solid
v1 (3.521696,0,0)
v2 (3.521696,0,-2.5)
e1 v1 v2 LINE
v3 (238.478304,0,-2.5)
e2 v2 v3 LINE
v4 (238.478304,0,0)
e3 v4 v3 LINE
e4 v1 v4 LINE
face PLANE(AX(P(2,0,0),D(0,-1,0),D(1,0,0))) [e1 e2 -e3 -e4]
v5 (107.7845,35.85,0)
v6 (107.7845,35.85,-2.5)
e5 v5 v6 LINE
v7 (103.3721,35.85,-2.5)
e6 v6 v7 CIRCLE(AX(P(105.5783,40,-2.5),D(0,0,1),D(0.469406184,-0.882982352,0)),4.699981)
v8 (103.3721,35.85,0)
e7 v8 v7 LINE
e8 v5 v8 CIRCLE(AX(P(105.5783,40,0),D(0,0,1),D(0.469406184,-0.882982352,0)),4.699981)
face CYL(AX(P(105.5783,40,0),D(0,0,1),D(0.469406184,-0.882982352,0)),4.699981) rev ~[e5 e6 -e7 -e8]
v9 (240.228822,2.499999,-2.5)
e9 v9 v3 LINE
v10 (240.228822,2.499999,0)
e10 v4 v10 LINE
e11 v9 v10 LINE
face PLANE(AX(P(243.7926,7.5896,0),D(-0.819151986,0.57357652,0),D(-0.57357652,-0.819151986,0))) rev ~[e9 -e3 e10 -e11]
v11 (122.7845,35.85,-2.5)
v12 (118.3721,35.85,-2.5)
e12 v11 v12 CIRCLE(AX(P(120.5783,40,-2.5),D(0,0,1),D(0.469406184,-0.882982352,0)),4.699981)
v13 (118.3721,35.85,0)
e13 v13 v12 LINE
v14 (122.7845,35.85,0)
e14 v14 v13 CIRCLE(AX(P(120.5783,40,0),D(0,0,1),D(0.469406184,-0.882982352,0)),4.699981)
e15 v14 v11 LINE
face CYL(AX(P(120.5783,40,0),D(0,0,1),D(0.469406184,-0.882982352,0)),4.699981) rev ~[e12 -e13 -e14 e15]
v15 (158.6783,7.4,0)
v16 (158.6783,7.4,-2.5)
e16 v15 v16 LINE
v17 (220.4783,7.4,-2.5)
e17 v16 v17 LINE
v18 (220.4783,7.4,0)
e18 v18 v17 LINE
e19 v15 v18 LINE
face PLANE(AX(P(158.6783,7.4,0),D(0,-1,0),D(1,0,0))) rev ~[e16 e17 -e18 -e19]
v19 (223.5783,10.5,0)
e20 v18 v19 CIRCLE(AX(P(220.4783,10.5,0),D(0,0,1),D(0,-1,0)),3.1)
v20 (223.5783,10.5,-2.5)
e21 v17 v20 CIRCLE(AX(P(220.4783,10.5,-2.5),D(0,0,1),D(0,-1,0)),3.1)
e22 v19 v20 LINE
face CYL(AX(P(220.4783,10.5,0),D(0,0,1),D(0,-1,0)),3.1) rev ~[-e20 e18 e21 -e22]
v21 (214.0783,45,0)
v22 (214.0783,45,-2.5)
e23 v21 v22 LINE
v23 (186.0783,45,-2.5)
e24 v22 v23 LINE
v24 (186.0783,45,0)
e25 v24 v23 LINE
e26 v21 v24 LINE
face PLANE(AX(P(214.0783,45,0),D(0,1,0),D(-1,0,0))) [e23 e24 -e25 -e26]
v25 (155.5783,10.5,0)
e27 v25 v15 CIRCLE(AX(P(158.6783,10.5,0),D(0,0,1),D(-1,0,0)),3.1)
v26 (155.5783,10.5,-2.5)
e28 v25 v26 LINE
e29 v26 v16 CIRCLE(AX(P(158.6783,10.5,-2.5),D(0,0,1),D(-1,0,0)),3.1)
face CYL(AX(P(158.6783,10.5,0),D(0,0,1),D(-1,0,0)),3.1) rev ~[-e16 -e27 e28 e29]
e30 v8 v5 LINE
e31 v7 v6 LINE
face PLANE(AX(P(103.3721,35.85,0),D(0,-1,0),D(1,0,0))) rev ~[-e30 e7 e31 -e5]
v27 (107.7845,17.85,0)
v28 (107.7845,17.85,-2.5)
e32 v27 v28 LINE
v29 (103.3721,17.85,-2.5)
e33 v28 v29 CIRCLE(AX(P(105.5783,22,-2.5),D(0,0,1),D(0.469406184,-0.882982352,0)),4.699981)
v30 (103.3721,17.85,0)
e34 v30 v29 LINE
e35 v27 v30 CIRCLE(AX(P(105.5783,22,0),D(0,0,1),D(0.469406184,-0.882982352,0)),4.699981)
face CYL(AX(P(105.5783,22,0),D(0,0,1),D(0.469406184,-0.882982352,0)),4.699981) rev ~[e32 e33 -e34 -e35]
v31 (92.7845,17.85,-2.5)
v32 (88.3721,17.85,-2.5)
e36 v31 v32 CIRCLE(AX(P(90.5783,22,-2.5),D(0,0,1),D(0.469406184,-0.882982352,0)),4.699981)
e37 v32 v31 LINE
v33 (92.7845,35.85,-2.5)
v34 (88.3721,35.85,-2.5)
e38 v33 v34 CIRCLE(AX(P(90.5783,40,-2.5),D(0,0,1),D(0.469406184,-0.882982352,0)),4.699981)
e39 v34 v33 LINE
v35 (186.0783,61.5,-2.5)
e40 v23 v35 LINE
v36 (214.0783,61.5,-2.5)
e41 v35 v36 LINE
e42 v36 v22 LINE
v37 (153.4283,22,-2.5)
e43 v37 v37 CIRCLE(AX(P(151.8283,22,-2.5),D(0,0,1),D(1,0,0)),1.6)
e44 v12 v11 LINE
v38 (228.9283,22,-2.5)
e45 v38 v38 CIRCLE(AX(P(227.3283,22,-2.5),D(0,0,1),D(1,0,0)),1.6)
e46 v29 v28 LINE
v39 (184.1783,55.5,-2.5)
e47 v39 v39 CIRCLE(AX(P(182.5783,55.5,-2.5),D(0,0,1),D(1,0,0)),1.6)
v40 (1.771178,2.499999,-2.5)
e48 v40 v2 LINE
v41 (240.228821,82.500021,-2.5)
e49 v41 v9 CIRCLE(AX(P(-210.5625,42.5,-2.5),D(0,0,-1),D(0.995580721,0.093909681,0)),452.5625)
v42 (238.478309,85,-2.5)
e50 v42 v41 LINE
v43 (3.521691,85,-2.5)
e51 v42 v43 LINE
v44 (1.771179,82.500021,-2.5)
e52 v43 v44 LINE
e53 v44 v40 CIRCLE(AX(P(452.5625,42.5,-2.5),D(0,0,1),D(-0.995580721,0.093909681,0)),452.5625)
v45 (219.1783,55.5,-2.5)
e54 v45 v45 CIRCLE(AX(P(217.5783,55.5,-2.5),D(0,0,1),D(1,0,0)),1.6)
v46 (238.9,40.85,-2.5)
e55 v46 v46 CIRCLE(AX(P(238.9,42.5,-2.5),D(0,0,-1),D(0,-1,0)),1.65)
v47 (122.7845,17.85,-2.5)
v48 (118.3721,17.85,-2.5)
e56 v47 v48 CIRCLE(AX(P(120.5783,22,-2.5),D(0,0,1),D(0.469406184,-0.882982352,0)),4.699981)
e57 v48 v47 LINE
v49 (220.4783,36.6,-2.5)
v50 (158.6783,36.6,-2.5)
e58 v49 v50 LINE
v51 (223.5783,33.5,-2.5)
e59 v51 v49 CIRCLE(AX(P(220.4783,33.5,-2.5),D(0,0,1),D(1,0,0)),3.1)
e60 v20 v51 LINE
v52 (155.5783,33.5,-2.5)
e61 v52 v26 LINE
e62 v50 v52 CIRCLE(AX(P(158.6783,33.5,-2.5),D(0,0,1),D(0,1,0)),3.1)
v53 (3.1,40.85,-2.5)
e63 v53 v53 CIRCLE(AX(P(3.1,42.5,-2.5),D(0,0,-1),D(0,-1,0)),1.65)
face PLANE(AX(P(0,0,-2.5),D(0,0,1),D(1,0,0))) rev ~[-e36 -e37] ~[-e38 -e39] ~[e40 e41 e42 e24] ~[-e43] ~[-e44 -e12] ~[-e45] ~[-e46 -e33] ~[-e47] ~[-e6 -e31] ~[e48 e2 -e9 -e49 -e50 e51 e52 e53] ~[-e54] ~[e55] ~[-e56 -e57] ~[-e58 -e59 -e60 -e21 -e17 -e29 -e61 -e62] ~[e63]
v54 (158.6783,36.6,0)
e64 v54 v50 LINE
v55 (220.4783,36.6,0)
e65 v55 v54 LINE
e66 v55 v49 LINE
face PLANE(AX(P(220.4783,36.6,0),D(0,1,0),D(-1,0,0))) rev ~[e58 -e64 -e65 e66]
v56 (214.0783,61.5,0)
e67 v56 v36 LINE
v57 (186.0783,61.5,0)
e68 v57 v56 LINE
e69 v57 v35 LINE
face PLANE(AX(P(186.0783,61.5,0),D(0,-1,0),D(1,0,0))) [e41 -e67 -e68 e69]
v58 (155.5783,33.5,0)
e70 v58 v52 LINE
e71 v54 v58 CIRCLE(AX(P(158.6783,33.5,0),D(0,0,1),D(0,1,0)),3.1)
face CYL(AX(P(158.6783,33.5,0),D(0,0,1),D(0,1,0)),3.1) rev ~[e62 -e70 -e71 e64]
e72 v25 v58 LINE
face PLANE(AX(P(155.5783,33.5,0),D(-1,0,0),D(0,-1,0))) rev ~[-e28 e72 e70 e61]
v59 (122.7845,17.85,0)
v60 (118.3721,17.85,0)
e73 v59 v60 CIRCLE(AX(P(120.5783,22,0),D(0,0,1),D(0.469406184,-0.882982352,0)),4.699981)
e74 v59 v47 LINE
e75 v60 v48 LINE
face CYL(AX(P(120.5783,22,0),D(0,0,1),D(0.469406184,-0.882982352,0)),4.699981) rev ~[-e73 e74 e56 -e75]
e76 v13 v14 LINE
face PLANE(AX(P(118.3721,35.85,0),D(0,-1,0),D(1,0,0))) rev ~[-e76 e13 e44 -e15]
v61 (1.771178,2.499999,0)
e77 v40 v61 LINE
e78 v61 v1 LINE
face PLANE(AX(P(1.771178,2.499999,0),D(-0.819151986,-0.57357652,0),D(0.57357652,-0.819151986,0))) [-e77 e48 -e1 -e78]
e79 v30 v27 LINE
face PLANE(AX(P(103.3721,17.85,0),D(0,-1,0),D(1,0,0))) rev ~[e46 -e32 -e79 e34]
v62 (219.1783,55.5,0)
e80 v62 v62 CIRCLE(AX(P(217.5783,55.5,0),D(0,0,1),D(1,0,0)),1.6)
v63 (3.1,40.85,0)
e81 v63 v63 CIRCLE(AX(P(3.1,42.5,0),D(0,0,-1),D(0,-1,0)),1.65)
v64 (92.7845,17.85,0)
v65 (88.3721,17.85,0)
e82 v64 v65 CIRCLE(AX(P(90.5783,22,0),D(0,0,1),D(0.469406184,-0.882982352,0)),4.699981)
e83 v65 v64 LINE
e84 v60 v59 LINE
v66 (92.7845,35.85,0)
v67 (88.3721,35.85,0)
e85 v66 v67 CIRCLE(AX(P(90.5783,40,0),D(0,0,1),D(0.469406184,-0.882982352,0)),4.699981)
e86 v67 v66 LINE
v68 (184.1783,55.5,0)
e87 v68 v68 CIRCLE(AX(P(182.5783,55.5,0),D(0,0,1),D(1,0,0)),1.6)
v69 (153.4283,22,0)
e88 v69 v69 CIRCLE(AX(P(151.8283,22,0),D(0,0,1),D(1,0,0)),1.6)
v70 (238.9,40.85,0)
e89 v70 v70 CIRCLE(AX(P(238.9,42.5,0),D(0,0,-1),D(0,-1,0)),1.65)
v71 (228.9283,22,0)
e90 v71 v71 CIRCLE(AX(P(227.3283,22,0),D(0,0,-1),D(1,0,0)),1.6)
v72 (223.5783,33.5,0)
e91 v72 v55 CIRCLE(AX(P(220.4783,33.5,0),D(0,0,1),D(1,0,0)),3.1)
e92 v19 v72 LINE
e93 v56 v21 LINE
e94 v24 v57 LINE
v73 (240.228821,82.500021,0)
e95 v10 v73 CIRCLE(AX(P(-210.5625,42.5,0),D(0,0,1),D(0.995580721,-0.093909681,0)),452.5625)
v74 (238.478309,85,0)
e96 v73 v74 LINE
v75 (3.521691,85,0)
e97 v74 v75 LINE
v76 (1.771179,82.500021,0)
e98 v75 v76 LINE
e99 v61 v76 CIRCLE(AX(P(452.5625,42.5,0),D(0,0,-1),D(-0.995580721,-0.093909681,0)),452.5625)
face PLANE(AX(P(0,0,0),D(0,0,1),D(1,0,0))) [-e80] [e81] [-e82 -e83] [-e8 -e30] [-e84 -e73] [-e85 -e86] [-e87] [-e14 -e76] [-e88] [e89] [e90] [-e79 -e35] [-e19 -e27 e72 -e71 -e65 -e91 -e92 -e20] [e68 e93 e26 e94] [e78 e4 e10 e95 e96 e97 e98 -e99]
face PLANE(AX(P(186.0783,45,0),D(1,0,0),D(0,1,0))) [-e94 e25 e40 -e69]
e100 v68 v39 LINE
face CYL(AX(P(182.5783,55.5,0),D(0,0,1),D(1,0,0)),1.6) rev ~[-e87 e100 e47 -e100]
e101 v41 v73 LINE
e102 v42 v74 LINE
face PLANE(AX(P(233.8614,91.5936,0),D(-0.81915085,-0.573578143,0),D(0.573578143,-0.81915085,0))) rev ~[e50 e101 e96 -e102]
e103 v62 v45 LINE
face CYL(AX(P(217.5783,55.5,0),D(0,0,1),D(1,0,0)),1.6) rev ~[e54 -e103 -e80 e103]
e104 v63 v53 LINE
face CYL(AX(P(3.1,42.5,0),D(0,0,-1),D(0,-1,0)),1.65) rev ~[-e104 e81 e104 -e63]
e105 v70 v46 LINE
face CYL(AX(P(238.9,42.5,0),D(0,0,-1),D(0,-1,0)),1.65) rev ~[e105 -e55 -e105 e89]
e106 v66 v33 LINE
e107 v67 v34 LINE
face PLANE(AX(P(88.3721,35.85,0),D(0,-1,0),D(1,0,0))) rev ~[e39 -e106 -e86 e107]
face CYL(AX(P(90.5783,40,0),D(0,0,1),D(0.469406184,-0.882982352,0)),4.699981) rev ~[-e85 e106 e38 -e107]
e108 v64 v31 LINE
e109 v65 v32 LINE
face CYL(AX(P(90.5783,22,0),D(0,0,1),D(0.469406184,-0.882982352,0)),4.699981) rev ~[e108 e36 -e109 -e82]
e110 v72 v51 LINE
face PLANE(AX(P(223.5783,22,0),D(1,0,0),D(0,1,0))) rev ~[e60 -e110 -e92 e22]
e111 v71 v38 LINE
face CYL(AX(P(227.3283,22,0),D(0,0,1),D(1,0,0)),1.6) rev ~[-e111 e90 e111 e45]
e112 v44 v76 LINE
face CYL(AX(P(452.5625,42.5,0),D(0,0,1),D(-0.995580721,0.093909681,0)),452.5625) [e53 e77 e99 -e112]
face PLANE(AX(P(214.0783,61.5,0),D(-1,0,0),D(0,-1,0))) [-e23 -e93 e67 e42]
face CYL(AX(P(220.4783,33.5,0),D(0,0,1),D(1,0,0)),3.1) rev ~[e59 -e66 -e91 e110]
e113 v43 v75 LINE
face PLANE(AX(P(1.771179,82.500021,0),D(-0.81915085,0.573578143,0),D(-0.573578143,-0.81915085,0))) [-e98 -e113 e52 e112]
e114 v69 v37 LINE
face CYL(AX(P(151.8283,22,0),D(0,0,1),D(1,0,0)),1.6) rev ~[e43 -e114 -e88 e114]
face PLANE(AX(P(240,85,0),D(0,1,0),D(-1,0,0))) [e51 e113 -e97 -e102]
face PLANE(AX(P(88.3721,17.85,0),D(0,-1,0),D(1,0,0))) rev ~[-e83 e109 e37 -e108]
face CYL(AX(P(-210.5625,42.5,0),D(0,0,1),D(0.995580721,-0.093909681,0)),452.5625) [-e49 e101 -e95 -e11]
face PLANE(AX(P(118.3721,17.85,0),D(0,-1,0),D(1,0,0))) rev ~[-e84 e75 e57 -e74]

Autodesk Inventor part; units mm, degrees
ref_plane "YZ Plane" through (0, 0, 0) normal (1, 0, 0) x (0, 1, 0)
ref_plane "XZ Plane" through (0, 0, 0) normal (0, 1, 0) x (-1, 0, 0)
ref_plane "XY Plane" through (0, 0, 0) normal (0, 0, 1) x (1, 0, 0)
sketch "Skizze1" plane through (0, 0, 0) normal (0, 0, 1) x (1, 0, 0)
  line L0 (0, 0) -> (242, 0)
  line L1 (242, 0) -> (242, 85)
  line L2 (242, 85) -> (0, 85)
  line L3 (0, 85) -> (0, 0)
  line L4 (242, 42.5) -> (842, 42.5)
  line L5 (0, 42.5) -> (-937, 42.5)
  arc A0 (240, 0) -> (240, 85) centre (-210.5625, 42.5) ccw
  arc A1 (2, 85) -> (2, 0) centre (452.5625, 42.5) ccw
  dimension "d0" = 85
  dimension "d1" = 242
  dimension "d2" = 2
  dimension "d3" = 2
  dimension "d4" = 2
  dimension "d7" = 452.5625
  dimension "d8" = 452.5625
extrude "Extrusion1" add sketch "Skizze1" against normal blind 2.5 contours A1 L2 A0 L0
sketch "Skizze2" plane through (0, 0, 0) normal (0, 0, 1) x (1, 0, 0)
  line L0 (2, 0) -> (240, 0) projected
  line L1 (240, 85) -> (2, 85) projected
  line L2 (121, 0) -> (121, 85)
  point P0 (0, 0)
  point P1 (3.1, 42.5)
  point P2 (238.9, 42.5)
  dimension "d11" = 42.5
  dimension "d12" = 42.5
  dimension "d13" = 235.8
  dimension "d14" = 117.9
  dimension "d15" = 117.9
hole "Bohrung1" at (3.1, 42.5, 0) at (238.9, 42.5, 0) direction (0, 0, -1) diameter 3.3 depth 8 tip angle 118
sketch "Skizze3" plane through (0, 0, 0) normal (0, 0, 1) x (1, 0, 0)
  line L0 (2, 0) -> (240, 0) projected
  line L1 (240, 85) -> (2, 85) projected
  arc A0 (2, 85) -> (2, 0) centre (452.5625, 42.5) ccw projected
  line L2 (8.1386, 91.5936) -> (-1.2688, 78.1585)
  line L3 (-1.2688, 78.1585) -> (-1.2688, 91.5936)
  line L4 (-1.2688, 91.5936) -> (8.1386, 91.5936)
  line L5 (-1.7926, 7.5896) -> (9.0296, -7.8661)
  line L6 (9.0296, -7.8661) -> (-1.7926, -7.8661)
  line L7 (-1.7926, -7.8661) -> (-1.7926, 7.5896)
  line L8 (121, 0) -> (121, 85)
  line L9 (233.8614, 91.5936) -> (243.2688, 78.1585)
  line L10 (243.2688, 78.1585) -> (243.2688, 91.5936)
  line L11 (243.2688, 91.5936) -> (233.8614, 91.5936)
  line L12 (243.7926, 7.5896) -> (232.9704, -7.8661)
  line L13 (232.9704, -7.8661) -> (243.7926, -7.8661)
  line L14 (243.7926, -7.8661) -> (243.7926, 7.5896)
  point P0 (0, 0)
  point P1 (1.7712, 82.5)
  point P2 (1.7712, 2.5)
  point P3 (242, 0)
  point P4 (240.2288, 82.5)
  point P5 (240.2288, 2.5)
  dimension "d23" = 55
  dimension "d24" = 55
  dimension "d25" = 2.5
  dimension "d26" = 2.5
extrude "Extrusion2" cut sketch "Skizze3" against normal blind 5 contours A0 L5 L0 | L0 L5 L6 L7 A0 | L9 L11 L10 | L12 L14 L13 | L2 L3 L4 L1 A0 | A0 L1 L2
sketch "Sketch7" plane through (0, 0, 0) normal (0, 0, 1) x (1, 0, 0)
  point P0 (0, 0)
sketch "Sketch8" plane through (0, 0, 0) normal (0, 0, 1) x (1, 0, 0)
  circle A0 centre (151.8283, 22) radius 1.6
  line L0 (151.8283, 22) -> (227.3283, 22)
  circle A1 centre (227.3283, 22) radius 1.6
  line L1 (220.4783, 36.6) -> (158.6783, 36.6)
  line L2 (155.5783, 33.5) -> (155.5783, 10.5)
  line L3 (158.6783, 7.4) -> (220.4783, 7.4)
  line L4 (223.5783, 10.5) -> (223.5783, 33.5)
  line L5 (223.5783, 36.6) -> (155.5783, 7.4) construction
  line L6 (155.5783, 36.6) -> (223.5783, 7.4) construction
  arc A2 (158.6783, 36.6) -> (155.5783, 33.5) centre (158.6783, 33.5) ccw
  arc A3 (155.5783, 10.5) -> (158.6783, 7.4) centre (158.6783, 10.5) ccw
  arc A4 (220.4783, 7.4) -> (223.5783, 10.5) centre (220.4783, 10.5) ccw
  arc A5 (223.5783, 33.5) -> (220.4783, 36.6) centre (220.4783, 33.5) ccw
  line L7 (3.5217, 0) -> (238.4783, 0) projected
  line L8 (222.5783, 45) -> (177.5783, 45)
  line L9 (177.5783, 45) -> (177.5783, 61.5)
  line L10 (177.5783, 61.5) -> (222.5783, 61.5)
  line L11 (222.5783, 61.5) -> (222.5783, 45)
  line L12 (222.5783, 45) -> (177.5783, 61.5) construction
  line L13 (177.5783, 45) -> (222.5783, 61.5) construction
  line L14 (214.0783, 45) -> (186.0783, 45)
  line L15 (186.0783, 45) -> (186.0783, 61.5)
  line L16 (186.0783, 61.5) -> (214.0783, 61.5)
  line L17 (214.0783, 61.5) -> (214.0783, 45)
  line L18 (214.0783, 45) -> (186.0783, 61.5) construction
  line L19 (186.0783, 45) -> (214.0783, 61.5) construction
  circle A6 centre (217.5783, 55.5) radius 1.6
  circle A7 centre (182.5783, 55.5) radius 1.6
  arc A8 (122.7845, 17.85) -> (118.3721, 17.85) centre (120.5783, 22) ccw
  line L20 (118.3721, 17.85) -> (122.7845, 17.85)
  arc A9 (92.7845, 17.85) -> (88.3721, 17.85) centre (90.5783, 22) ccw
  line L21 (88.3721, 17.85) -> (92.7845, 17.85)
  arc A10 (107.7845, 17.85) -> (103.3721, 17.85) centre (105.5783, 22) ccw
  line L22 (103.3721, 17.85) -> (107.7845, 17.85)
  arc A11 (122.7845, 35.85) -> (118.3721, 35.85) centre (120.5783, 40) ccw
  line L23 (118.3721, 35.85) -> (122.7845, 35.85)
  line L24 (88.3721, 35.85) -> (92.7845, 35.85)
  arc A12 (92.7845, 35.85) -> (88.3721, 35.85) centre (90.5783, 40) ccw
  line L25 (103.3721, 35.85) -> (107.7845, 35.85)
  arc A13 (107.7845, 35.85) -> (103.3721, 35.85) centre (105.5783, 40) ccw
  point P0 (0, 0)
  point P1 (189.5783, 22)
  point P2 (200.0783, 53.25)
  dimension "d75" = 3.2
  dimension "d76" = 75.5
  dimension "d77" = 3.2
  dimension "d78" = 68
  dimension "d79" = 29.2
  dimension "d80" = 3.1
  dimension "d81" = 22
  dimension "d82" = 11.15
  dimension "d87" = 45
  dimension "d89" = 28
  dimension "d90" = 16.5
  dimension "d91" = 3.2
  dimension "d92" = 5
  dimension "d93" = 3.2
  dimension "d94" = 5
  dimension "d95" = 10.5
  dimension "d96" = 10.5
  dimension "d97" = 45
  dimension "d98" = 1
  dimension "d99" = 9.4
  dimension "d101" = 9.4
  dimension "d103" = 9.4
  dimension "d113" = 35
  dimension "d114" = 15
  dimension "d115" = 15
  dimension "d116" = 9.4
  dimension "d118" = 9.4
  dimension "d120" = 9.4
  dimension "d122" = 15
  dimension "d123" = 15
  dimension "d125" = 22
  dimension "d126" = 40
  dimension "d128" = 8.85
  dimension "d129" = 4.15
extrude "Extrusion5" cut sketch "Sketch8" against normal blind 3 contours A0 | A1 | L2 A2 L1 A5 L4 L0 | L0 L4 A4 L3 A3 L2 | L8 L15 L10 L17 | A6 | A7 | L20 A8 | L21 A9 | L22 A10 | L23 A11 | A12 L24 | A13 L25
properties part number "Frontplatte Apra Xdream 418"
